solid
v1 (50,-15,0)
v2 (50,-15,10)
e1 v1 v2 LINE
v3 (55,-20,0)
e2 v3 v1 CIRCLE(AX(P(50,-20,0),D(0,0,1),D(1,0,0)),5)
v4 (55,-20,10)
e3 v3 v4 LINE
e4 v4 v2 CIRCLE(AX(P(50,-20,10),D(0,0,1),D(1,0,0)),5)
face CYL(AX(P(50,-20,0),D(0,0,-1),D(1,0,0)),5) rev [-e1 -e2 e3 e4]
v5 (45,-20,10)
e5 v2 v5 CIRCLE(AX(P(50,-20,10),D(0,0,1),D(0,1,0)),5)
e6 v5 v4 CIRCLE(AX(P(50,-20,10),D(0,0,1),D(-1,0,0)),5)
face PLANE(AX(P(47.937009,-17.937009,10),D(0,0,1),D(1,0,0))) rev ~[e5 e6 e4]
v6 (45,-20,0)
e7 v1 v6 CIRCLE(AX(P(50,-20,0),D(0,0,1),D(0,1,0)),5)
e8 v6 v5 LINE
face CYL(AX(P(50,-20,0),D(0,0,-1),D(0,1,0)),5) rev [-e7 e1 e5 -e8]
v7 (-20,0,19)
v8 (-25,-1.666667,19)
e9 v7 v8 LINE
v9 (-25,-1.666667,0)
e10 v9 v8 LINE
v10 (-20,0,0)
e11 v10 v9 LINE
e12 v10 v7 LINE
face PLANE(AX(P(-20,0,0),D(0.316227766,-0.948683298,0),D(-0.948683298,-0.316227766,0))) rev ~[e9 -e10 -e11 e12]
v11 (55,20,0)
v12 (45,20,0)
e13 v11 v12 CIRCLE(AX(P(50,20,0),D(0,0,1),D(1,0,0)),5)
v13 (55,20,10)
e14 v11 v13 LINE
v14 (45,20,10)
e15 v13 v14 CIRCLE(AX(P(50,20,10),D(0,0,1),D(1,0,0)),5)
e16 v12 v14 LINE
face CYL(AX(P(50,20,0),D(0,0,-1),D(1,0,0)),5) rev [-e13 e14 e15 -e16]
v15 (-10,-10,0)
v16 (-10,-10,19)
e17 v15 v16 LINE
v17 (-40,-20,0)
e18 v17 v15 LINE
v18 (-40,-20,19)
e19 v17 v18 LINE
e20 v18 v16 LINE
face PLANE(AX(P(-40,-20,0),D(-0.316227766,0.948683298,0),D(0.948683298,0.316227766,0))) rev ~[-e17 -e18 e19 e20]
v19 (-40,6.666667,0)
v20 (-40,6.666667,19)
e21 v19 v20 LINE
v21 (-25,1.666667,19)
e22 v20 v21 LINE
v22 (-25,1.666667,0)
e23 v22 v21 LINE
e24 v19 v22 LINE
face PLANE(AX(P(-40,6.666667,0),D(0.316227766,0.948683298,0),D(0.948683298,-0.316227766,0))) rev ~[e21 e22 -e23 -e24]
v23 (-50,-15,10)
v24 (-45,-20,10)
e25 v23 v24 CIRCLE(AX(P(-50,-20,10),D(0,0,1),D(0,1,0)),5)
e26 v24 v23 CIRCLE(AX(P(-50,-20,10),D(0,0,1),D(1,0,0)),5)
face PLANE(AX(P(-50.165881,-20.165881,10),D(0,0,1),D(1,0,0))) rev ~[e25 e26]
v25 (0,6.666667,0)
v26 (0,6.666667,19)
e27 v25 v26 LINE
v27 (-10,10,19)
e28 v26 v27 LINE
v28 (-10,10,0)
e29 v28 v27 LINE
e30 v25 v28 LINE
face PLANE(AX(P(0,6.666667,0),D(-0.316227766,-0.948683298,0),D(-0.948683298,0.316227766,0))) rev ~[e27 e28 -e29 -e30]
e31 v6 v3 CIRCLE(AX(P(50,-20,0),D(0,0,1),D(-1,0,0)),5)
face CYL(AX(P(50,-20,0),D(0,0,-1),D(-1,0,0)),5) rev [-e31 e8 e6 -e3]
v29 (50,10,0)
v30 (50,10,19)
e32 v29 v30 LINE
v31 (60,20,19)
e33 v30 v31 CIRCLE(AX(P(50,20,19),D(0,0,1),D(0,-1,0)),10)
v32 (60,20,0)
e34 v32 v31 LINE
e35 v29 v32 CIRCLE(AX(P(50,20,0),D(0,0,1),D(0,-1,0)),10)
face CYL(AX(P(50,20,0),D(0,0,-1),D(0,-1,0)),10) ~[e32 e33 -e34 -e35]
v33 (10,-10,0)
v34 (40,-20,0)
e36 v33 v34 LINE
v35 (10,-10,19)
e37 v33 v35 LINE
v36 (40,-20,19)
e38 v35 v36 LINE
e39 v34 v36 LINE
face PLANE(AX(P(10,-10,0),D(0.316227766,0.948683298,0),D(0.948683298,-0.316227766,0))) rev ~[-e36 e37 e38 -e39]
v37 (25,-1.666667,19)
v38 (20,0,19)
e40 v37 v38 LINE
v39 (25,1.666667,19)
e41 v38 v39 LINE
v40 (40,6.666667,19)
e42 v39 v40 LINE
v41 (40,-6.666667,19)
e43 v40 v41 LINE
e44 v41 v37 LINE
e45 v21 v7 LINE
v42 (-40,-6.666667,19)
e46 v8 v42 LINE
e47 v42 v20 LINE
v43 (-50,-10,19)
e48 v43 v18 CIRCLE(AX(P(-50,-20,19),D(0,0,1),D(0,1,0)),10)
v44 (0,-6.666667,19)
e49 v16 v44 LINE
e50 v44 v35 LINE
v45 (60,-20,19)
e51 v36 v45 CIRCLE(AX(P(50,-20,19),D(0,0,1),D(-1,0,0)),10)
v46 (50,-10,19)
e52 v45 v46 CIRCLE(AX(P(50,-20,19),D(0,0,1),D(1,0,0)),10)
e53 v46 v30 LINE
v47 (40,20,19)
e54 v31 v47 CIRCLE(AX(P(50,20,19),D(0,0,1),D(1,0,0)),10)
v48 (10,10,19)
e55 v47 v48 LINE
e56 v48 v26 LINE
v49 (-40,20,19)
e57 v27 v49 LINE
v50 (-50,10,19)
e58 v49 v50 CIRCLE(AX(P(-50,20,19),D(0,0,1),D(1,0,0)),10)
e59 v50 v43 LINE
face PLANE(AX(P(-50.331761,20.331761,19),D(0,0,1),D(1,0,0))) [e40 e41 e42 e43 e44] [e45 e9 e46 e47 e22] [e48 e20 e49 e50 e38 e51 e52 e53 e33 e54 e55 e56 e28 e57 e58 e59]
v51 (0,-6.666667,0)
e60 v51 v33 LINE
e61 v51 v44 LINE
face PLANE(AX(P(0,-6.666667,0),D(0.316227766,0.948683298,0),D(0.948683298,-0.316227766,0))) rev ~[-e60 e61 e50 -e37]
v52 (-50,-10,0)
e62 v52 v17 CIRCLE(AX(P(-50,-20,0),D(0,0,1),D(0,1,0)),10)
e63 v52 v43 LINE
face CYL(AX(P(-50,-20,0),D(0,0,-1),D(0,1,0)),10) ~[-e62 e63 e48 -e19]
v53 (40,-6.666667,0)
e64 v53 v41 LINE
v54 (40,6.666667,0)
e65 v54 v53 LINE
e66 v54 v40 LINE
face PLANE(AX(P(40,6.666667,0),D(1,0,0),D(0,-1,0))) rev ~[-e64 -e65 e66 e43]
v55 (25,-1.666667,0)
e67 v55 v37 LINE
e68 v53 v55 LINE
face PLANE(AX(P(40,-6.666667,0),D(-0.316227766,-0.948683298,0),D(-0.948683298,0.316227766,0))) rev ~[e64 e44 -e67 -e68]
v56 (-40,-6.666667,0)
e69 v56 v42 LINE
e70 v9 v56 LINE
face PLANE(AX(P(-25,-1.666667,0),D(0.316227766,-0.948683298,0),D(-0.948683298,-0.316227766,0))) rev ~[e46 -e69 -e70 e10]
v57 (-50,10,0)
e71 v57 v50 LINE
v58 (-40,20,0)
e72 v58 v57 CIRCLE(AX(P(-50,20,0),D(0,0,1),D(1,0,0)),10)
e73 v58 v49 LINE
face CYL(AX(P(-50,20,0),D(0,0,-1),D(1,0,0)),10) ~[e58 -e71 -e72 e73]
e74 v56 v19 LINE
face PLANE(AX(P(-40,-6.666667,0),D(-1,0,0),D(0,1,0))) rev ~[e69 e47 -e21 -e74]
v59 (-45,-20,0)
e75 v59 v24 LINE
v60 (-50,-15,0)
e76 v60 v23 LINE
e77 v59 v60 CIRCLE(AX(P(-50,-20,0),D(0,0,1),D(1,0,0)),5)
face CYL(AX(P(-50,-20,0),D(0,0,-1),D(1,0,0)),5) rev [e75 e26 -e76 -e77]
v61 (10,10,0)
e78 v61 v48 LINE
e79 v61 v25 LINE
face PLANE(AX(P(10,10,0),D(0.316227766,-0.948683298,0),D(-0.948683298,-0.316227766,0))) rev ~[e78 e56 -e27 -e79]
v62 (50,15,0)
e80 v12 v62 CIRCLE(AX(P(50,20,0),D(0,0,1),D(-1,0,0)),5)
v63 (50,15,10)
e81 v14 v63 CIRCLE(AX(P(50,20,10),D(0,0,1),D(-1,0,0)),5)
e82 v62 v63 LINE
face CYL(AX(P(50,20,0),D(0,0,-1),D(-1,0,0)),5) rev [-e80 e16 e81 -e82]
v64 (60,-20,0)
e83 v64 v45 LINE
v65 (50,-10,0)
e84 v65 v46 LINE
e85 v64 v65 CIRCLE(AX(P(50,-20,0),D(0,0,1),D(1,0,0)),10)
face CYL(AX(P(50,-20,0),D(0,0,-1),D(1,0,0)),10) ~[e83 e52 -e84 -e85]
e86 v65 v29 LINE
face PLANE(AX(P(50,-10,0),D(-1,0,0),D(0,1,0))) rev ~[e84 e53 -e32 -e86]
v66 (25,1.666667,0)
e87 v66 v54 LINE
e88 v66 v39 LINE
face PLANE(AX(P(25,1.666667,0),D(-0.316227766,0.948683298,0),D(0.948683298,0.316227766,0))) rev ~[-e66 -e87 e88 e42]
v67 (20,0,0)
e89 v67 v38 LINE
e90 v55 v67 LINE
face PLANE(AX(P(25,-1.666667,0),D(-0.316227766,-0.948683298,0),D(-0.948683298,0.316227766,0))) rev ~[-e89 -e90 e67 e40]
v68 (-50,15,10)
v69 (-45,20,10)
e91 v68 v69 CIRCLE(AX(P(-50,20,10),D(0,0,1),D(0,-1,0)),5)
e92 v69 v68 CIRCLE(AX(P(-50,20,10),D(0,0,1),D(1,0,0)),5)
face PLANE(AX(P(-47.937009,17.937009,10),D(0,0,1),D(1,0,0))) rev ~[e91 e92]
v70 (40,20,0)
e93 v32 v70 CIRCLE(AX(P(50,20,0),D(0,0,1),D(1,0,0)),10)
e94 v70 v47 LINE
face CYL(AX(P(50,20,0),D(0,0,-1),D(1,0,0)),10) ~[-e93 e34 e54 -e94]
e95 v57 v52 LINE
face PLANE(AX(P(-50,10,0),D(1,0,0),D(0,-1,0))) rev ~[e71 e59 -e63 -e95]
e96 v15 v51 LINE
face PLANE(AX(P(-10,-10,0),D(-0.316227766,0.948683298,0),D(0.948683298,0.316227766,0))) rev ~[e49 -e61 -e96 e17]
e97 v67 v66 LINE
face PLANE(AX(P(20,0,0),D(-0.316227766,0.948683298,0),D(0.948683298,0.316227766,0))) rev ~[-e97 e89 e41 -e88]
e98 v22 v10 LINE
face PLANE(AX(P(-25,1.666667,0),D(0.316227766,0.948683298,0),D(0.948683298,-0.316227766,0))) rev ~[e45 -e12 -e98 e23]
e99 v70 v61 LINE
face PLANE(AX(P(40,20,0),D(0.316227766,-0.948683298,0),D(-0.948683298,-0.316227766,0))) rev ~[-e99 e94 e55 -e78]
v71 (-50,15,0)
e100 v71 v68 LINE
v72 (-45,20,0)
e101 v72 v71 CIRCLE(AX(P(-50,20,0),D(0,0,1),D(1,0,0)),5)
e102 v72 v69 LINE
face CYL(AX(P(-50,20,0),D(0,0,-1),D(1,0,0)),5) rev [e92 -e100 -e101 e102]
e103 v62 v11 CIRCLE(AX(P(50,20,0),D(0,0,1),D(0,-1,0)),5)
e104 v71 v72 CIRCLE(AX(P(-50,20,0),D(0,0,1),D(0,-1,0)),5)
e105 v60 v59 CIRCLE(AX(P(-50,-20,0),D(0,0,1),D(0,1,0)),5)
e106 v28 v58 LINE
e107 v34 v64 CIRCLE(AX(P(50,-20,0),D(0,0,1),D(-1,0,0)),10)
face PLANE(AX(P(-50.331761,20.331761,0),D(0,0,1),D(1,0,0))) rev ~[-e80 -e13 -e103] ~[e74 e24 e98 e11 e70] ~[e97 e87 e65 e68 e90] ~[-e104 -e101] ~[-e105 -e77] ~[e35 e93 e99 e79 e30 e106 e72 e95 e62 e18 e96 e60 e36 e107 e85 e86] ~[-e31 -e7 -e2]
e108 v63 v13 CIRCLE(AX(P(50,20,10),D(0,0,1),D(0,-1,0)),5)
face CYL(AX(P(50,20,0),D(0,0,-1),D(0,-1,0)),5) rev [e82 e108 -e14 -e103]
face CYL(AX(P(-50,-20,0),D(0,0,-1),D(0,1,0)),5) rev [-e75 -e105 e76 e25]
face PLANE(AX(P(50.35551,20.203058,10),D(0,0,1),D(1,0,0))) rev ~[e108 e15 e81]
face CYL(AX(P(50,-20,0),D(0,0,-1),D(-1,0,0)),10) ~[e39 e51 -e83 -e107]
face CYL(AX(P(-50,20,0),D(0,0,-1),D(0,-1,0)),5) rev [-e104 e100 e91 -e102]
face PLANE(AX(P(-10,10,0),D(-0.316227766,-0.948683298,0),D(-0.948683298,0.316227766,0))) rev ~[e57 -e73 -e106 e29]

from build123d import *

# Parameters (mm, degrees)
F1_DEPTH = 19
F3_DEPTH = 10


with BuildPart() as f1:
    # F0 (on Top) → F1 (new body)
    with BuildSketch(Plane.XY):
        with BuildLine():
            Line((-50, 20), (-40, 20))
            ThreePointArc((-40, 20), (-57.0710678119, 27.0710678119), (-50, 10))
            Line((-50, 10), (-50, 20))
        make_face()
        with BuildLine():
            ThreePointArc((60, 20), (50, 30), (40, 20))
            Line((40, 20), (50, 20))
            Line((50, 20), (50, 10))
            ThreePointArc((50, 10), (57.0710678119, 12.9289321881), (60, 20))
        make_face()
        with BuildLine():
            Line((-50, -20), (-50, -10))
            ThreePointArc((-50, -10), (-57.0710678119, -27.0710678119), (-40, -20))
            Line((-40, -20), (-50, -20))
        make_face()
        with BuildLine():
            Line((50, -20), (40, -20))
            ThreePointArc((40, -20), (50, -30), (60, -20))
            ThreePointArc((60, -20), (57.0710678119, -12.9289321881), (50, -10))
            Line((50, -10), (50, -20))
        make_face()
        Polygon((50, -10), (40, -20), (50, -20), align=None)
        with BuildLine():
            ThreePointArc((50, -10), (42.9289321881, -12.9289321881), (40, -20))
            Line((40, -20), (50, -10))
        make_face()
        Polygon((50, 20), (40, 20), (50, 10), align=None)
        with BuildLine():
            Line((50, 10), (40, 20))
            ThreePointArc((40, 20), (42.9289321881, 12.9289321881), (50, 10))
        make_face()
        with BuildLine():
            ThreePointArc((-50, 10), (-42.9289321881, 12.9289321881), (-40, 20))
            Line((-40, 20), (-50, 20))
            Line((-50, 20), (-50, 10))
        make_face()
        with BuildLine():
            ThreePointArc((-40, -20), (-42.9289321881, -12.9289321881), (-50, -10))
            Line((-50, -10), (-50, -20))
            Line((-50, -20), (-40, -20))
        make_face()
        Polygon((-40, 0), (-40, 6.6666666667), (-50, 10), (-50, 0), align=None)
        Polygon((-40, -6.6666666667), (-40, 0), (-50, 0), (-50, -10), align=None)
        with BuildLine():
            Line((-40, 6.6666666667), (-40, 20))
            ThreePointArc((-40, 20), (-42.9289321881, 12.9289321881), (-50, 10))
            Line((-50, 10), (-40, 6.6666666667))
        make_face()
        with BuildLine():
            Line((-40, -20), (-40, -6.6666666667))
            Line((-40, -6.6666666667), (-50, -10))
            ThreePointArc((-50, -10), (-42.9289321881, -12.9289321881), (-40, -20))
        make_face()
        with BuildLine():
            ThreePointArc((50, 10), (42.9289321881, 12.9289321881), (40, 20))
            Line((40, 20), (40, 6.6666666667))
            Line((40, 6.6666666667), (50, 10))
        make_face()
        with BuildLine():
            Line((50, -10), (40, -6.6666666667))
            Line((40, -6.6666666667), (40, -20))
            ThreePointArc((40, -20), (42.9289321881, -12.9289321881), (50, -10))
        make_face()
        Polygon((50, 0), (40, 0), (40, -6.6666666667), (50, -10), align=None)
        Polygon((50, 0), (50, 10), (40, 6.6666666667), (40, 0), align=None)
        Polygon((-25, 1.6666666667), (-25, 10), (-10, 10), (-40, 20), (-40, 6.6666666667), align=None)
        Polygon((40, 20), (10, 10), (25, 10), (25, 1.6666666667), (40, 6.6666666667), align=None)
        Polygon((20, 0), (0, 6.6666666667), (0, 0), align=None)
        Polygon((0, 0), (0, 6.6666666667), (-20, 0), align=None)
        Polygon((-25, -10), (-25, -1.6666666667), (-40, -6.6666666667), (-40, -20), (-10, -10), align=None)
        Polygon((40, -6.6666666667), (25, -1.6666666667), (25, -10), (10, -10), (40, -20), align=None)
        Polygon((20, 0), (0, 0), (0, -6.6666666667), align=None)
        Polygon((0, 0), (-20, 0), (0, -6.6666666667), align=None)
        Polygon((25, -1.6666666667), (20, 0), (0, -6.6666666667), (10, -10), (25, -10), align=None)
        Polygon((10, 10), (0, 6.6666666667), (20, 0), (25, 1.6666666667), (25, 10), align=None)
        Polygon((-10, 10), (-25, 10), (-25, 1.6666666667), (-20, 0), (0, 6.6666666667), align=None)
        Polygon((0, -6.6666666667), (-20, 0), (-25, -1.6666666667), (-25, -10), (-10, -10), align=None)
    extrude(amount=F1_DEPTH)

    # F2 (on Top) → F3 (cut)
    with BuildSketch(Plane.XY):
        with BuildLine():
            Line((-45, -20), (-50, -20))
            Line((-50, -20), (-50, -15))
            ThreePointArc((-50, -15), (-53.5355339059, -23.5355339059), (-45, -20))
        make_face()
        with BuildLine():
            Line((-50, -15), (-50, -20))
            Line((-50, -20), (-45, -20))
            ThreePointArc((-45, -20), (-46.4644660941, -16.4644660941), (-50, -15))
        make_face()
        with BuildLine():
            Line((-50, 20), (-50, 15))
            ThreePointArc((-50, 15), (-46.4644660941, 16.4644660941), (-45, 20))
            Line((-45, 20), (-50, 20))
        make_face()
        with BuildLine():
            ThreePointArc((-45, 20), (-53.5355339059, 23.5355339059), (-50, 15))
            Line((-50, 15), (-50, 20))
            Line((-50, 20), (-45, 20))
        make_face()
        with BuildLine():
            ThreePointArc((50, -15), (46.4644660941, -16.4644660941), (45, -20))
            Line((45, -20), (50, -20))
            Line((50, -20), (50, -15))
        make_face()
        with BuildLine():
            Line((50, -20), (45, -20))
            ThreePointArc((45, -20), (50, -25), (55, -20))
            ThreePointArc((55, -20), (53.5355339059, -16.4644660941), (50, -15))
            Line((50, -15), (50, -20))
        make_face()
        with BuildLine():
            Line((50, 20), (50, 15))
            ThreePointArc((50, 15), (53.5355339059, 16.4644660941), (55, 20))
            ThreePointArc((55, 20), (50, 25), (45, 20))
            Line((45, 20), (50, 20))
        make_face()
        with BuildLine():
            ThreePointArc((45, 20), (46.4644660941, 16.4644660941), (50, 15))
            Line((50, 15), (50, 20))
            Line((50, 20), (45, 20))
        make_face()
    extrude(amount=F3_DEPTH, mode=Mode.SUBTRACT)


solid = f1.part
